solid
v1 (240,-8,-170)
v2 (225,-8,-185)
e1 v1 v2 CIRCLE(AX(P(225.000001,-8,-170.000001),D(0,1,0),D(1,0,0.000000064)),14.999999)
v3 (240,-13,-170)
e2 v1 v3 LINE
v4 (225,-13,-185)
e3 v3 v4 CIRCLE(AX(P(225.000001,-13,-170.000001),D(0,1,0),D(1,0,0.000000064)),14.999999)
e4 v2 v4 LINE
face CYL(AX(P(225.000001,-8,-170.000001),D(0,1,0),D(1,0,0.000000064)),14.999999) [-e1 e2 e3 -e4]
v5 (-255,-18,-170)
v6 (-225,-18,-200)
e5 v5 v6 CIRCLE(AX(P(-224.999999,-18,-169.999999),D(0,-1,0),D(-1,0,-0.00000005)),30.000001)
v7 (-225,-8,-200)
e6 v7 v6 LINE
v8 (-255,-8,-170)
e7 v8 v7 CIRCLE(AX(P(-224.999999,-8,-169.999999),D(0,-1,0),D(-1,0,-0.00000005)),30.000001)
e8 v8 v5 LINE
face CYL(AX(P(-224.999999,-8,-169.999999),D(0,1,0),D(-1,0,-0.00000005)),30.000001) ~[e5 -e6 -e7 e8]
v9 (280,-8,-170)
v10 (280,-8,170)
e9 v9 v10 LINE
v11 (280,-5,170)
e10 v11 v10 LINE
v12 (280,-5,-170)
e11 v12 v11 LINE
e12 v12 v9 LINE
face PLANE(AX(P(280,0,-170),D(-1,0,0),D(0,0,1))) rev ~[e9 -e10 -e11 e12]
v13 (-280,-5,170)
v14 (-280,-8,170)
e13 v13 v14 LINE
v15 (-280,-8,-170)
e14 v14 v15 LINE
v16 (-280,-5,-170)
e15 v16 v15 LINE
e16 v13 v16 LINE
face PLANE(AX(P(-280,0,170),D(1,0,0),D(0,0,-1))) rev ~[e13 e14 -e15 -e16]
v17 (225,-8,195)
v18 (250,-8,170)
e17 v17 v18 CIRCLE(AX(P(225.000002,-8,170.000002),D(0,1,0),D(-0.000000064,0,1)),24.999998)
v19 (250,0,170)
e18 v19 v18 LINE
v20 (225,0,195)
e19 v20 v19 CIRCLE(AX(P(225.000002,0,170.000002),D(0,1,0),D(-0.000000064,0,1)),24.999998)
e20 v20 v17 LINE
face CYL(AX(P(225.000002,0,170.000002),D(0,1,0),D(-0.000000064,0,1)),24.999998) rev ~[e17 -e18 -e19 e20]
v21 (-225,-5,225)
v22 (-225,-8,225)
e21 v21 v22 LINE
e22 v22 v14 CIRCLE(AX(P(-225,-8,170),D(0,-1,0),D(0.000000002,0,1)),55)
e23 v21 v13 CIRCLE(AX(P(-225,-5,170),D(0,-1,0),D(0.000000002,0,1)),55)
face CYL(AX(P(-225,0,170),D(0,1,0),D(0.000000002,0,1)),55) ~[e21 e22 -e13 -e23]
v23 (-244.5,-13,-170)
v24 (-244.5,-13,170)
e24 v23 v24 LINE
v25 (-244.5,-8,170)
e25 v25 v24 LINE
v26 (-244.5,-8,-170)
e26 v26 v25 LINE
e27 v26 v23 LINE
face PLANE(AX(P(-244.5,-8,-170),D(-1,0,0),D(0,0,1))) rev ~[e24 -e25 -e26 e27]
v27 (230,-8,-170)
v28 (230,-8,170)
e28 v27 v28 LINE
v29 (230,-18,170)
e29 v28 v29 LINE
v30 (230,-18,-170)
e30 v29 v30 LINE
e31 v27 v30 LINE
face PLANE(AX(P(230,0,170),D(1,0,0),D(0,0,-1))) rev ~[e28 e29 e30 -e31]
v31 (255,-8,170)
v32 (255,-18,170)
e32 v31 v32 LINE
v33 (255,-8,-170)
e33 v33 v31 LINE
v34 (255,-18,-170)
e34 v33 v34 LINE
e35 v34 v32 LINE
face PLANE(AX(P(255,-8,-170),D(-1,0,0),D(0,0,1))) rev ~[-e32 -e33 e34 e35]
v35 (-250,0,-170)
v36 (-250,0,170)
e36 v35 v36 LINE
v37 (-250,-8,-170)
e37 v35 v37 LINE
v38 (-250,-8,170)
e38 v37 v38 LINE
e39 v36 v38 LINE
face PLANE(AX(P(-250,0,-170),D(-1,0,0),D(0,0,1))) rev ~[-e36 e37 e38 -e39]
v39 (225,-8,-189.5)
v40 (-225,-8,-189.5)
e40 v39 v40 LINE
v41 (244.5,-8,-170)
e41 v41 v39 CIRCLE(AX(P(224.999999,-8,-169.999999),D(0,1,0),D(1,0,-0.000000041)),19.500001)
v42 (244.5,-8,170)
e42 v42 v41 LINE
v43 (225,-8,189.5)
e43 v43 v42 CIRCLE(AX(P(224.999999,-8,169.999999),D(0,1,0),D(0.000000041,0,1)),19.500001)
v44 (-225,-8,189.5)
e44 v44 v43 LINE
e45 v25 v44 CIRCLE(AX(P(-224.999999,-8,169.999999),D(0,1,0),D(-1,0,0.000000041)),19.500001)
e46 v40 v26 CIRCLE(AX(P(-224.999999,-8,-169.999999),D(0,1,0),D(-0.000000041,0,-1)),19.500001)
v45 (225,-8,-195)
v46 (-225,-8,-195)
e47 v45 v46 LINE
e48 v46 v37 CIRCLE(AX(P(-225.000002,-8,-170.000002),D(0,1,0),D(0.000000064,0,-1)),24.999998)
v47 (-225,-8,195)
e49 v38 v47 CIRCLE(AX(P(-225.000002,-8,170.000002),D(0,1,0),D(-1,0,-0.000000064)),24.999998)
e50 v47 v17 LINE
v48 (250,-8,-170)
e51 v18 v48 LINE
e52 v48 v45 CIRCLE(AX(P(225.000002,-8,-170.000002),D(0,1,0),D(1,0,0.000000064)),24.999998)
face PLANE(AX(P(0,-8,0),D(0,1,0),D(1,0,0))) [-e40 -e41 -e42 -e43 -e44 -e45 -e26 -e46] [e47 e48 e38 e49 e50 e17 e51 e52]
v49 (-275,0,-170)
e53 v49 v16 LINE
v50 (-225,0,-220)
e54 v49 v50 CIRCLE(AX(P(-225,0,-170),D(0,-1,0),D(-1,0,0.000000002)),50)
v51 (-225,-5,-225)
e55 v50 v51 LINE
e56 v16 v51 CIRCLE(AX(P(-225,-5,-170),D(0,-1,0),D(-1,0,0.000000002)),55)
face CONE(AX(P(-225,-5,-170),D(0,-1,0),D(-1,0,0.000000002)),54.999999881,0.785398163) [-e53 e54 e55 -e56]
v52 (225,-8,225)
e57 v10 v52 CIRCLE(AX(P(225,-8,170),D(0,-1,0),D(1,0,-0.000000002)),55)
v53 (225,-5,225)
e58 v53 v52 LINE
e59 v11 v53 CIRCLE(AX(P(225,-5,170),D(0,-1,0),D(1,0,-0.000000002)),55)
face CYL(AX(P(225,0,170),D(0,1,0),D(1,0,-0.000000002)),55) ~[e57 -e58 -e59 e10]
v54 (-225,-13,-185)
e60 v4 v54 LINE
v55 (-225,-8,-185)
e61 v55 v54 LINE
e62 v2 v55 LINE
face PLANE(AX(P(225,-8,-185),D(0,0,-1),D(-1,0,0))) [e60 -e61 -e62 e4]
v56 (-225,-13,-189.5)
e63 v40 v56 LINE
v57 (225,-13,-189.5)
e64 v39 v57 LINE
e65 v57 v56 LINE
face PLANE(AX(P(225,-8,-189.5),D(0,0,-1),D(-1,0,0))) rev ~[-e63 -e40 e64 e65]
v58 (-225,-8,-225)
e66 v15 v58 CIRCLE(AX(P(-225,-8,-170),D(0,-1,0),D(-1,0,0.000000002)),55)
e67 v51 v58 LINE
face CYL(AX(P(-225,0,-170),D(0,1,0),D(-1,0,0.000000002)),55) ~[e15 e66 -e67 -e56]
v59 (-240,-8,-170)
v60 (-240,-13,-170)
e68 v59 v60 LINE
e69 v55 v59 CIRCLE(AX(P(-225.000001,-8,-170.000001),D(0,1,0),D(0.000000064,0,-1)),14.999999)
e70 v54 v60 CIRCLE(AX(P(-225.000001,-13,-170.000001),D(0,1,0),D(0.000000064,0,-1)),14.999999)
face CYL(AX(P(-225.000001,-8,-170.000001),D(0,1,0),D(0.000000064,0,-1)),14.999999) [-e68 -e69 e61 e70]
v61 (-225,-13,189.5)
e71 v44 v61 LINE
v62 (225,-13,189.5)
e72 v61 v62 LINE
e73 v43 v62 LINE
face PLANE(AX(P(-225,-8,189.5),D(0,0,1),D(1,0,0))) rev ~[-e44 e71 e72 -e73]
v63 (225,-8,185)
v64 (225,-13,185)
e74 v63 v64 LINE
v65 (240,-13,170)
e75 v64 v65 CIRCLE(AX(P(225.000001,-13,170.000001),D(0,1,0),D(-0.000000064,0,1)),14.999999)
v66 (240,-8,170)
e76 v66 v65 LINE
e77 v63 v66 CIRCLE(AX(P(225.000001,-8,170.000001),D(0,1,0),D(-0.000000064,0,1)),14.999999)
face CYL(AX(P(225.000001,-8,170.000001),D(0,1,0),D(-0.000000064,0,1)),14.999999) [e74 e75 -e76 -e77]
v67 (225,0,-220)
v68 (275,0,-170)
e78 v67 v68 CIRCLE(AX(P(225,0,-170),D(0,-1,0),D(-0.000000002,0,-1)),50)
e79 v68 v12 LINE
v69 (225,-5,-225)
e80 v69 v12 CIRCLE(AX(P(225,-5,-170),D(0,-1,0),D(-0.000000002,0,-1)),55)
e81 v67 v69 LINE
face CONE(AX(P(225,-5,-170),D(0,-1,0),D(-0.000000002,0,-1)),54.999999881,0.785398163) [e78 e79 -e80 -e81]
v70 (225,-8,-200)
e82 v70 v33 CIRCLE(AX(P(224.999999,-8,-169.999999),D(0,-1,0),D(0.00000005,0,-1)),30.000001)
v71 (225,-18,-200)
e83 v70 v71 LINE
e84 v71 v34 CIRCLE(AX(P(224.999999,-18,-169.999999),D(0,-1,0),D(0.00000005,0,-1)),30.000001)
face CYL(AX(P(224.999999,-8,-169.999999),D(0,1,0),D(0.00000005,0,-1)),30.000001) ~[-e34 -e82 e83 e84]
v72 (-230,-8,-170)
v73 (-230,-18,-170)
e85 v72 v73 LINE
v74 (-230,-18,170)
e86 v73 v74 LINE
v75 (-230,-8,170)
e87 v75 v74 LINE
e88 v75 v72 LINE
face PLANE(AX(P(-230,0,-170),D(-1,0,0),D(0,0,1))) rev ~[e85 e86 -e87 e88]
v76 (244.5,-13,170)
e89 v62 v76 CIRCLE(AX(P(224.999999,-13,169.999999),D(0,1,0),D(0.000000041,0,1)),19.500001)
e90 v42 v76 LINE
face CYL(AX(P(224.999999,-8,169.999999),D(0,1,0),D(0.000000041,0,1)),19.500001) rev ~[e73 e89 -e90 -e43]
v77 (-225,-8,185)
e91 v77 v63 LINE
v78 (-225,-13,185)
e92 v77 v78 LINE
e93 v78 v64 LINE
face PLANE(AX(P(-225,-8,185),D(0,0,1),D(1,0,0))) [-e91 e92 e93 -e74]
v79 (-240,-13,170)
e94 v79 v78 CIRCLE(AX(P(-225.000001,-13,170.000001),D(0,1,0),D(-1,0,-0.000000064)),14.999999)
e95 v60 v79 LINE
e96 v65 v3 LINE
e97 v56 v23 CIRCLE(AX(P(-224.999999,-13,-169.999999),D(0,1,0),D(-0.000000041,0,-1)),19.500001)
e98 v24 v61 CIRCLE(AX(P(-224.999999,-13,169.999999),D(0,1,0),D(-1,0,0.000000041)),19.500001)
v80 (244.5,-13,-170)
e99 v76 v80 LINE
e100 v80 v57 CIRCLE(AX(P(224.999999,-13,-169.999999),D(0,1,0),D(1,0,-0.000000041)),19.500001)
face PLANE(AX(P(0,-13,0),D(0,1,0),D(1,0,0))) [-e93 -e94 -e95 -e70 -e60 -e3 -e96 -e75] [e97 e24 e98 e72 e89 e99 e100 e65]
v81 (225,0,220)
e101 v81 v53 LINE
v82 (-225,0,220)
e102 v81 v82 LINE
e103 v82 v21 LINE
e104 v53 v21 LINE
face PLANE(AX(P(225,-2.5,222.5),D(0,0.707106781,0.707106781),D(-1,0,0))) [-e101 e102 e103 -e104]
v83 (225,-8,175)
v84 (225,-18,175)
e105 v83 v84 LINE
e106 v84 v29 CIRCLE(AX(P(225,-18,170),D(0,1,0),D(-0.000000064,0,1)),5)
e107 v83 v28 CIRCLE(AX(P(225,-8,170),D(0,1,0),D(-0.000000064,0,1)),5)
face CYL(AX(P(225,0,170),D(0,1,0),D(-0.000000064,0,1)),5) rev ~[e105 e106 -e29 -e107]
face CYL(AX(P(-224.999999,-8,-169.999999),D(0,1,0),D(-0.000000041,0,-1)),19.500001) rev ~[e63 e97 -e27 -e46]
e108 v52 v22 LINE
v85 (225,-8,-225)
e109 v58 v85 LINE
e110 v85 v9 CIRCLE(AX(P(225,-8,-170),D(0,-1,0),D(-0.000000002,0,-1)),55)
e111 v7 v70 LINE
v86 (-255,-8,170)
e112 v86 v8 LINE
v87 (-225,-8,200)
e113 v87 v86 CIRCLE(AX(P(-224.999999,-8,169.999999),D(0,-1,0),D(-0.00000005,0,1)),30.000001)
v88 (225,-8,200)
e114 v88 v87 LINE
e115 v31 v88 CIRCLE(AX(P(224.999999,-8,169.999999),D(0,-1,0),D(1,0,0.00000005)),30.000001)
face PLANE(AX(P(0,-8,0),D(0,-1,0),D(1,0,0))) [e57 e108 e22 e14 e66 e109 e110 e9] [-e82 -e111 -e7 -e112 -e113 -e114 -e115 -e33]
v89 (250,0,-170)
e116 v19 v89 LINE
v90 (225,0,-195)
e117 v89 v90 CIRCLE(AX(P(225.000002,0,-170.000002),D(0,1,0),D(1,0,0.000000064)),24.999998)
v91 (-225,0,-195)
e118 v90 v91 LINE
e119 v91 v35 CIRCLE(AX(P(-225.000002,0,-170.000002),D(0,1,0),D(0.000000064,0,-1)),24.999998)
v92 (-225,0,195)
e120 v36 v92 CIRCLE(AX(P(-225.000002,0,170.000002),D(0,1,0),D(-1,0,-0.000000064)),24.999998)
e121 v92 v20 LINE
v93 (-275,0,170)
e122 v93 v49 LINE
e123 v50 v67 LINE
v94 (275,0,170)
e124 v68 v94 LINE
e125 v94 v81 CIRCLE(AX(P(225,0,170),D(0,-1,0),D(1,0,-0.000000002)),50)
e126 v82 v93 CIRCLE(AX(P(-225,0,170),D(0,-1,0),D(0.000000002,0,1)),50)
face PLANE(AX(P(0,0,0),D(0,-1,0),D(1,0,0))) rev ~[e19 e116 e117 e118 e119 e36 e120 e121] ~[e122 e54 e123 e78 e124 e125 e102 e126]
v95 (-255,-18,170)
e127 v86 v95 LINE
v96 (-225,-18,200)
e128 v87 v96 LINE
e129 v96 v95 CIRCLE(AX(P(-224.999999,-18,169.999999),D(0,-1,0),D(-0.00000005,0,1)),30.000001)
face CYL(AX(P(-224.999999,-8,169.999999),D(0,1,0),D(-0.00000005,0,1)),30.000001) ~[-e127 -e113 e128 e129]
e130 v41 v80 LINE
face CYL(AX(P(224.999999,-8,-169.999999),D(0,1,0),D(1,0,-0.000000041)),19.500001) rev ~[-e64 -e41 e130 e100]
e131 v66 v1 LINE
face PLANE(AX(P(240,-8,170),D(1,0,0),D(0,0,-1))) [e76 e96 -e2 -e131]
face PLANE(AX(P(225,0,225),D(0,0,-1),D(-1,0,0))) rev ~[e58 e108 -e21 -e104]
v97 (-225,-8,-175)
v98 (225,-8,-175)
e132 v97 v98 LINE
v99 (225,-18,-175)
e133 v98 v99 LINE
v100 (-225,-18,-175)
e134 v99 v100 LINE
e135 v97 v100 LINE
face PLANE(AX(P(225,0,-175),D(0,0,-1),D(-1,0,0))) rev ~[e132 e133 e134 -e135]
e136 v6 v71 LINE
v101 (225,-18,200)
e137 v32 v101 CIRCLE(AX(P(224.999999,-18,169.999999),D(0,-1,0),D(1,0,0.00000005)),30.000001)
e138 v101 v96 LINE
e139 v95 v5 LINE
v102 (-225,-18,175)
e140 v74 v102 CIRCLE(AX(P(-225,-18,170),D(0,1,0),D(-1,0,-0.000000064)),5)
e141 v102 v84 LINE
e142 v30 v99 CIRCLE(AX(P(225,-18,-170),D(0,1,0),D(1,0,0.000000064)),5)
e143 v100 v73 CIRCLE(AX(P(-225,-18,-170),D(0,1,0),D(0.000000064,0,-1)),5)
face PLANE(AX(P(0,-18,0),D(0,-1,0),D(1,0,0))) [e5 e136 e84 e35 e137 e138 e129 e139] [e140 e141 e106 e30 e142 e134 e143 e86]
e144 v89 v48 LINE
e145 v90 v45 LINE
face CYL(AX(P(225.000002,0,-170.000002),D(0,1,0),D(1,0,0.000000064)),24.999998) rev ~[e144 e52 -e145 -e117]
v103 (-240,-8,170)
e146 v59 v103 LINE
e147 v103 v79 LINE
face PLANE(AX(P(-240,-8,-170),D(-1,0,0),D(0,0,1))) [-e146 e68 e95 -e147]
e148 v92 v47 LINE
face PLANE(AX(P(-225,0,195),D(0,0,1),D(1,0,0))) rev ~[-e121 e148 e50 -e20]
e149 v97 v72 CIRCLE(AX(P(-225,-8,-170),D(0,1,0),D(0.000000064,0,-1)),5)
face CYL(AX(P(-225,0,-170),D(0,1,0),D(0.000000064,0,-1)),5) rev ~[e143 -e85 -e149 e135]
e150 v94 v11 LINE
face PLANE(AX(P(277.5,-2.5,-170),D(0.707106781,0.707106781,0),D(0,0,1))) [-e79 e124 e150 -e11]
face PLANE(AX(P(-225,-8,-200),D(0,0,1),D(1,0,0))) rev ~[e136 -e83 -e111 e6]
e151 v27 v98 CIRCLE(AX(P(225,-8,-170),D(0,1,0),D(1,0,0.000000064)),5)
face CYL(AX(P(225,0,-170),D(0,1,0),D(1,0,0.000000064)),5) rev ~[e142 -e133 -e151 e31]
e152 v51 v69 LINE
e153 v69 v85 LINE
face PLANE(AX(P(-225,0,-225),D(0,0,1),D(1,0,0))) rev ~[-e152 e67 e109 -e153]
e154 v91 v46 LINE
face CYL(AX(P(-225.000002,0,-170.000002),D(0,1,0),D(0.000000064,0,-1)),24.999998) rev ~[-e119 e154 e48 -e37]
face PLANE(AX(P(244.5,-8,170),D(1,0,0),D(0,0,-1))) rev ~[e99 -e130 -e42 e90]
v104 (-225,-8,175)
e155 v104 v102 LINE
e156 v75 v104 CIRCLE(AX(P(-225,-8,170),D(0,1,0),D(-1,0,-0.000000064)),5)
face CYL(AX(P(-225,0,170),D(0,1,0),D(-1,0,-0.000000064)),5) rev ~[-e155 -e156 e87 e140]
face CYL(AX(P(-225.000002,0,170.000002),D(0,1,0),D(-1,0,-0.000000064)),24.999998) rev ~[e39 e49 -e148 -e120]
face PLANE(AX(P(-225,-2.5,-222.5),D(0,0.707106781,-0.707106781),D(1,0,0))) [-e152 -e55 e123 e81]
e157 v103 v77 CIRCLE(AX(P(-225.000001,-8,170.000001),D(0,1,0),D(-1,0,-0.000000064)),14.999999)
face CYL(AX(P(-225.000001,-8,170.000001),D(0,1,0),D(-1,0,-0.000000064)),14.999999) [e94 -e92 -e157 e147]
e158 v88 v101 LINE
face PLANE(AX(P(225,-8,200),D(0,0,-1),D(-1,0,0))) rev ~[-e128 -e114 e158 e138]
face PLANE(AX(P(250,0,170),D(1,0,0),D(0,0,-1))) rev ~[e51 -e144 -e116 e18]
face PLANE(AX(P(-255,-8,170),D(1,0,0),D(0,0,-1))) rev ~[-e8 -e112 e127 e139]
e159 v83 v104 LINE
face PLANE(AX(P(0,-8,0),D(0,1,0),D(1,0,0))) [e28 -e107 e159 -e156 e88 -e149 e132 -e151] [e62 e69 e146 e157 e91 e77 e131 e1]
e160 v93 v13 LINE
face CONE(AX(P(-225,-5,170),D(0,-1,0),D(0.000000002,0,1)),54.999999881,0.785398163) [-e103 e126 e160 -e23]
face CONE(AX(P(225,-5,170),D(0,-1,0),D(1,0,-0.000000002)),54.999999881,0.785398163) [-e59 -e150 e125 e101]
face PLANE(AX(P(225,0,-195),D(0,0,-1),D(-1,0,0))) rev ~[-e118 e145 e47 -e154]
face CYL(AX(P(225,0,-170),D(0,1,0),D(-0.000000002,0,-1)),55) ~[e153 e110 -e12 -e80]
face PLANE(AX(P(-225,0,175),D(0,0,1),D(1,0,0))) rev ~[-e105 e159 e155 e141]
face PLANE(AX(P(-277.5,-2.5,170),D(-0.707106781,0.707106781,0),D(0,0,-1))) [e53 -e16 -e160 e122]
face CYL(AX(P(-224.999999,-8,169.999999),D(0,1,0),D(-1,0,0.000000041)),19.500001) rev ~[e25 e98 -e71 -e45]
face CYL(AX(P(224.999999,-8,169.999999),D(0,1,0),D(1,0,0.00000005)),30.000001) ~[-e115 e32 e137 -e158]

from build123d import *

# Parameters (mm, degrees)
PAD_DEPTH       = 8
PAD001_DEPTH    = 10
POCKET_DEPTH    = 18
POCKET001_DEPTH = 8
POCKET002_DEPTH = 5
CHAMFER_SIZE    = 5


with BuildPart() as part:
    # Sketch → Pad (new body)
    with BuildSketch(Plane.XZ):
        with BuildLine():
            Line((-280, 170), (-280, -170))
            ThreePointArc((-280, -170), (-263.890873, -208.890873), (-225, -225))
            Line((-225, -225), (225, -225))
            ThreePointArc((225, -225), (263.890873, -208.890873), (280, -170))
            Line((280, -170), (280, 170))
            ThreePointArc((280, 170), (263.890873, 208.890873), (225, 225))
            Line((225, 225), (-225, 225))
            ThreePointArc((-225, 225), (-263.890873, 208.890873), (-280, 170))
        make_face()
    extrude(amount=PAD_DEPTH)

    # Sketch001 (on Face10 of Pad) → Pad001 (join)
    with BuildSketch(Plane.XZ.offset(8)):
        with BuildLine():
            Line((-255, 170), (-255, -170))
            ThreePointArc((-255, -170), (-246.213203, -191.213203), (-225, -200))
            Line((-225, -200), (225, -200))
            ThreePointArc((225, -200), (246.213203, -191.213203), (255, -170))
            Line((255, -170), (255, 170))
            ThreePointArc((255, 170), (246.213203, 191.213203), (225, 200))
            Line((225, 200), (-225, 200))
            ThreePointArc((-225, 200), (-246.213203, 191.213203), (-255, 170))
        make_face()
    extrude(amount=PAD001_DEPTH)

    # Sketch002 (on Face4 of Pad001) → Pocket (cut)
    with BuildSketch(Plane(origin=(0, 0, 0), x_dir=(1, 0, 0), z_dir=(0, 1, 0))):
        with BuildLine():
            Line((-230, 170), (-230, -170))
            ThreePointArc((-230, -170), (-228.535534, -173.535534), (-225, -175))
            Line((-225, -175), (225, -175))
            ThreePointArc((225, -175), (228.535534, -173.535534), (230, -170))
            Line((230, -170), (230, 170))
            ThreePointArc((230, 170), (228.535534, 173.535534), (225, 175))
            Line((225, 175), (-225, 175))
            ThreePointArc((-225, 175), (-228.535534, 173.535534), (-230, 170))
        make_face()
    extrude(amount=-POCKET_DEPTH, mode=Mode.SUBTRACT)

    # Sketch003 (on Face4 of Pocket) → Pocket001 (cut)
    with BuildSketch(Plane(origin=(0, 0, 0), x_dir=(1, 0, 0), z_dir=(0, 1, 0))):
        with BuildLine():
            Line((-250, 170), (-250, -170))
            ThreePointArc((-250, -170), (-242.67767, -187.67767), (-225, -195))
            Line((-225, -195), (225, -195))
            ThreePointArc((225, -195), (242.67767, -187.67767), (250, -170))
            Line((250, -170), (250, 170))
            ThreePointArc((250, 170), (242.67767, 187.67767), (225, 195))
            Line((225, 195), (-225, 195))
            ThreePointArc((-225, 195), (-242.67767, 187.67767), (-250, 170))
        make_face()
    extrude(amount=-POCKET001_DEPTH, mode=Mode.SUBTRACT)

    # Sketch004 (on Face27 of Pocket001) → Pocket002 (cut)
    with BuildSketch(Plane(origin=(0, -8, 0), x_dir=(1, 0, 0), z_dir=(0, 1, 0))):
        with BuildLine():
            Line((-244.5, 170), (-244.5, -170))
            ThreePointArc((-244.5, -170), (-238.788582, -183.788582), (-225, -189.5))
            Line((-225, -189.5), (225, -189.5))
            ThreePointArc((225, -189.5), (238.788582, -183.788582), (244.5, -170))
            Line((244.5, -170), (244.5, 170))
            ThreePointArc((244.5, 170), (238.788582, 183.788582), (225, 189.5))
            Line((225, 189.5), (-225, 189.5))
            ThreePointArc((-225, 189.5), (-238.788582, 183.788582), (-244.5, 170))
        make_face()
        with BuildLine():
            Line((-240, 170), (-240, -170))
            ThreePointArc((-240, -170), (-235.606602, -180.606602), (-225, -185))
            Line((-225, -185), (225, -185))
            ThreePointArc((225, -185), (235.606602, -180.606602), (240, -170))
            Line((240, -170), (240, 170))
            ThreePointArc((240, 170), (235.606602, 180.606602), (225, 185))
            Line((225, 185), (-225, 185))
            ThreePointArc((-225, 185), (-235.606602, 180.606602), (-240, 170))
        make_face(mode=Mode.SUBTRACT)
    extrude(amount=-POCKET002_DEPTH, mode=Mode.SUBTRACT)

    # Chamfer
    chamfer_edges = [part.edges().sort_by_distance(p)[0] for p in [
        (0, 0, 225),
        (-263.890873, 0, 208.890873),
        (-280, 0, 0),
        (-263.890873, 0, -208.890873),
        (0, 0, -225),
        (263.890873, 0, -208.890873),
        (280, 0, 0),
        (263.890873, 0, 208.890873),
    ]]
    chamfer(chamfer_edges, length=CHAMFER_SIZE)


solid = part.part
